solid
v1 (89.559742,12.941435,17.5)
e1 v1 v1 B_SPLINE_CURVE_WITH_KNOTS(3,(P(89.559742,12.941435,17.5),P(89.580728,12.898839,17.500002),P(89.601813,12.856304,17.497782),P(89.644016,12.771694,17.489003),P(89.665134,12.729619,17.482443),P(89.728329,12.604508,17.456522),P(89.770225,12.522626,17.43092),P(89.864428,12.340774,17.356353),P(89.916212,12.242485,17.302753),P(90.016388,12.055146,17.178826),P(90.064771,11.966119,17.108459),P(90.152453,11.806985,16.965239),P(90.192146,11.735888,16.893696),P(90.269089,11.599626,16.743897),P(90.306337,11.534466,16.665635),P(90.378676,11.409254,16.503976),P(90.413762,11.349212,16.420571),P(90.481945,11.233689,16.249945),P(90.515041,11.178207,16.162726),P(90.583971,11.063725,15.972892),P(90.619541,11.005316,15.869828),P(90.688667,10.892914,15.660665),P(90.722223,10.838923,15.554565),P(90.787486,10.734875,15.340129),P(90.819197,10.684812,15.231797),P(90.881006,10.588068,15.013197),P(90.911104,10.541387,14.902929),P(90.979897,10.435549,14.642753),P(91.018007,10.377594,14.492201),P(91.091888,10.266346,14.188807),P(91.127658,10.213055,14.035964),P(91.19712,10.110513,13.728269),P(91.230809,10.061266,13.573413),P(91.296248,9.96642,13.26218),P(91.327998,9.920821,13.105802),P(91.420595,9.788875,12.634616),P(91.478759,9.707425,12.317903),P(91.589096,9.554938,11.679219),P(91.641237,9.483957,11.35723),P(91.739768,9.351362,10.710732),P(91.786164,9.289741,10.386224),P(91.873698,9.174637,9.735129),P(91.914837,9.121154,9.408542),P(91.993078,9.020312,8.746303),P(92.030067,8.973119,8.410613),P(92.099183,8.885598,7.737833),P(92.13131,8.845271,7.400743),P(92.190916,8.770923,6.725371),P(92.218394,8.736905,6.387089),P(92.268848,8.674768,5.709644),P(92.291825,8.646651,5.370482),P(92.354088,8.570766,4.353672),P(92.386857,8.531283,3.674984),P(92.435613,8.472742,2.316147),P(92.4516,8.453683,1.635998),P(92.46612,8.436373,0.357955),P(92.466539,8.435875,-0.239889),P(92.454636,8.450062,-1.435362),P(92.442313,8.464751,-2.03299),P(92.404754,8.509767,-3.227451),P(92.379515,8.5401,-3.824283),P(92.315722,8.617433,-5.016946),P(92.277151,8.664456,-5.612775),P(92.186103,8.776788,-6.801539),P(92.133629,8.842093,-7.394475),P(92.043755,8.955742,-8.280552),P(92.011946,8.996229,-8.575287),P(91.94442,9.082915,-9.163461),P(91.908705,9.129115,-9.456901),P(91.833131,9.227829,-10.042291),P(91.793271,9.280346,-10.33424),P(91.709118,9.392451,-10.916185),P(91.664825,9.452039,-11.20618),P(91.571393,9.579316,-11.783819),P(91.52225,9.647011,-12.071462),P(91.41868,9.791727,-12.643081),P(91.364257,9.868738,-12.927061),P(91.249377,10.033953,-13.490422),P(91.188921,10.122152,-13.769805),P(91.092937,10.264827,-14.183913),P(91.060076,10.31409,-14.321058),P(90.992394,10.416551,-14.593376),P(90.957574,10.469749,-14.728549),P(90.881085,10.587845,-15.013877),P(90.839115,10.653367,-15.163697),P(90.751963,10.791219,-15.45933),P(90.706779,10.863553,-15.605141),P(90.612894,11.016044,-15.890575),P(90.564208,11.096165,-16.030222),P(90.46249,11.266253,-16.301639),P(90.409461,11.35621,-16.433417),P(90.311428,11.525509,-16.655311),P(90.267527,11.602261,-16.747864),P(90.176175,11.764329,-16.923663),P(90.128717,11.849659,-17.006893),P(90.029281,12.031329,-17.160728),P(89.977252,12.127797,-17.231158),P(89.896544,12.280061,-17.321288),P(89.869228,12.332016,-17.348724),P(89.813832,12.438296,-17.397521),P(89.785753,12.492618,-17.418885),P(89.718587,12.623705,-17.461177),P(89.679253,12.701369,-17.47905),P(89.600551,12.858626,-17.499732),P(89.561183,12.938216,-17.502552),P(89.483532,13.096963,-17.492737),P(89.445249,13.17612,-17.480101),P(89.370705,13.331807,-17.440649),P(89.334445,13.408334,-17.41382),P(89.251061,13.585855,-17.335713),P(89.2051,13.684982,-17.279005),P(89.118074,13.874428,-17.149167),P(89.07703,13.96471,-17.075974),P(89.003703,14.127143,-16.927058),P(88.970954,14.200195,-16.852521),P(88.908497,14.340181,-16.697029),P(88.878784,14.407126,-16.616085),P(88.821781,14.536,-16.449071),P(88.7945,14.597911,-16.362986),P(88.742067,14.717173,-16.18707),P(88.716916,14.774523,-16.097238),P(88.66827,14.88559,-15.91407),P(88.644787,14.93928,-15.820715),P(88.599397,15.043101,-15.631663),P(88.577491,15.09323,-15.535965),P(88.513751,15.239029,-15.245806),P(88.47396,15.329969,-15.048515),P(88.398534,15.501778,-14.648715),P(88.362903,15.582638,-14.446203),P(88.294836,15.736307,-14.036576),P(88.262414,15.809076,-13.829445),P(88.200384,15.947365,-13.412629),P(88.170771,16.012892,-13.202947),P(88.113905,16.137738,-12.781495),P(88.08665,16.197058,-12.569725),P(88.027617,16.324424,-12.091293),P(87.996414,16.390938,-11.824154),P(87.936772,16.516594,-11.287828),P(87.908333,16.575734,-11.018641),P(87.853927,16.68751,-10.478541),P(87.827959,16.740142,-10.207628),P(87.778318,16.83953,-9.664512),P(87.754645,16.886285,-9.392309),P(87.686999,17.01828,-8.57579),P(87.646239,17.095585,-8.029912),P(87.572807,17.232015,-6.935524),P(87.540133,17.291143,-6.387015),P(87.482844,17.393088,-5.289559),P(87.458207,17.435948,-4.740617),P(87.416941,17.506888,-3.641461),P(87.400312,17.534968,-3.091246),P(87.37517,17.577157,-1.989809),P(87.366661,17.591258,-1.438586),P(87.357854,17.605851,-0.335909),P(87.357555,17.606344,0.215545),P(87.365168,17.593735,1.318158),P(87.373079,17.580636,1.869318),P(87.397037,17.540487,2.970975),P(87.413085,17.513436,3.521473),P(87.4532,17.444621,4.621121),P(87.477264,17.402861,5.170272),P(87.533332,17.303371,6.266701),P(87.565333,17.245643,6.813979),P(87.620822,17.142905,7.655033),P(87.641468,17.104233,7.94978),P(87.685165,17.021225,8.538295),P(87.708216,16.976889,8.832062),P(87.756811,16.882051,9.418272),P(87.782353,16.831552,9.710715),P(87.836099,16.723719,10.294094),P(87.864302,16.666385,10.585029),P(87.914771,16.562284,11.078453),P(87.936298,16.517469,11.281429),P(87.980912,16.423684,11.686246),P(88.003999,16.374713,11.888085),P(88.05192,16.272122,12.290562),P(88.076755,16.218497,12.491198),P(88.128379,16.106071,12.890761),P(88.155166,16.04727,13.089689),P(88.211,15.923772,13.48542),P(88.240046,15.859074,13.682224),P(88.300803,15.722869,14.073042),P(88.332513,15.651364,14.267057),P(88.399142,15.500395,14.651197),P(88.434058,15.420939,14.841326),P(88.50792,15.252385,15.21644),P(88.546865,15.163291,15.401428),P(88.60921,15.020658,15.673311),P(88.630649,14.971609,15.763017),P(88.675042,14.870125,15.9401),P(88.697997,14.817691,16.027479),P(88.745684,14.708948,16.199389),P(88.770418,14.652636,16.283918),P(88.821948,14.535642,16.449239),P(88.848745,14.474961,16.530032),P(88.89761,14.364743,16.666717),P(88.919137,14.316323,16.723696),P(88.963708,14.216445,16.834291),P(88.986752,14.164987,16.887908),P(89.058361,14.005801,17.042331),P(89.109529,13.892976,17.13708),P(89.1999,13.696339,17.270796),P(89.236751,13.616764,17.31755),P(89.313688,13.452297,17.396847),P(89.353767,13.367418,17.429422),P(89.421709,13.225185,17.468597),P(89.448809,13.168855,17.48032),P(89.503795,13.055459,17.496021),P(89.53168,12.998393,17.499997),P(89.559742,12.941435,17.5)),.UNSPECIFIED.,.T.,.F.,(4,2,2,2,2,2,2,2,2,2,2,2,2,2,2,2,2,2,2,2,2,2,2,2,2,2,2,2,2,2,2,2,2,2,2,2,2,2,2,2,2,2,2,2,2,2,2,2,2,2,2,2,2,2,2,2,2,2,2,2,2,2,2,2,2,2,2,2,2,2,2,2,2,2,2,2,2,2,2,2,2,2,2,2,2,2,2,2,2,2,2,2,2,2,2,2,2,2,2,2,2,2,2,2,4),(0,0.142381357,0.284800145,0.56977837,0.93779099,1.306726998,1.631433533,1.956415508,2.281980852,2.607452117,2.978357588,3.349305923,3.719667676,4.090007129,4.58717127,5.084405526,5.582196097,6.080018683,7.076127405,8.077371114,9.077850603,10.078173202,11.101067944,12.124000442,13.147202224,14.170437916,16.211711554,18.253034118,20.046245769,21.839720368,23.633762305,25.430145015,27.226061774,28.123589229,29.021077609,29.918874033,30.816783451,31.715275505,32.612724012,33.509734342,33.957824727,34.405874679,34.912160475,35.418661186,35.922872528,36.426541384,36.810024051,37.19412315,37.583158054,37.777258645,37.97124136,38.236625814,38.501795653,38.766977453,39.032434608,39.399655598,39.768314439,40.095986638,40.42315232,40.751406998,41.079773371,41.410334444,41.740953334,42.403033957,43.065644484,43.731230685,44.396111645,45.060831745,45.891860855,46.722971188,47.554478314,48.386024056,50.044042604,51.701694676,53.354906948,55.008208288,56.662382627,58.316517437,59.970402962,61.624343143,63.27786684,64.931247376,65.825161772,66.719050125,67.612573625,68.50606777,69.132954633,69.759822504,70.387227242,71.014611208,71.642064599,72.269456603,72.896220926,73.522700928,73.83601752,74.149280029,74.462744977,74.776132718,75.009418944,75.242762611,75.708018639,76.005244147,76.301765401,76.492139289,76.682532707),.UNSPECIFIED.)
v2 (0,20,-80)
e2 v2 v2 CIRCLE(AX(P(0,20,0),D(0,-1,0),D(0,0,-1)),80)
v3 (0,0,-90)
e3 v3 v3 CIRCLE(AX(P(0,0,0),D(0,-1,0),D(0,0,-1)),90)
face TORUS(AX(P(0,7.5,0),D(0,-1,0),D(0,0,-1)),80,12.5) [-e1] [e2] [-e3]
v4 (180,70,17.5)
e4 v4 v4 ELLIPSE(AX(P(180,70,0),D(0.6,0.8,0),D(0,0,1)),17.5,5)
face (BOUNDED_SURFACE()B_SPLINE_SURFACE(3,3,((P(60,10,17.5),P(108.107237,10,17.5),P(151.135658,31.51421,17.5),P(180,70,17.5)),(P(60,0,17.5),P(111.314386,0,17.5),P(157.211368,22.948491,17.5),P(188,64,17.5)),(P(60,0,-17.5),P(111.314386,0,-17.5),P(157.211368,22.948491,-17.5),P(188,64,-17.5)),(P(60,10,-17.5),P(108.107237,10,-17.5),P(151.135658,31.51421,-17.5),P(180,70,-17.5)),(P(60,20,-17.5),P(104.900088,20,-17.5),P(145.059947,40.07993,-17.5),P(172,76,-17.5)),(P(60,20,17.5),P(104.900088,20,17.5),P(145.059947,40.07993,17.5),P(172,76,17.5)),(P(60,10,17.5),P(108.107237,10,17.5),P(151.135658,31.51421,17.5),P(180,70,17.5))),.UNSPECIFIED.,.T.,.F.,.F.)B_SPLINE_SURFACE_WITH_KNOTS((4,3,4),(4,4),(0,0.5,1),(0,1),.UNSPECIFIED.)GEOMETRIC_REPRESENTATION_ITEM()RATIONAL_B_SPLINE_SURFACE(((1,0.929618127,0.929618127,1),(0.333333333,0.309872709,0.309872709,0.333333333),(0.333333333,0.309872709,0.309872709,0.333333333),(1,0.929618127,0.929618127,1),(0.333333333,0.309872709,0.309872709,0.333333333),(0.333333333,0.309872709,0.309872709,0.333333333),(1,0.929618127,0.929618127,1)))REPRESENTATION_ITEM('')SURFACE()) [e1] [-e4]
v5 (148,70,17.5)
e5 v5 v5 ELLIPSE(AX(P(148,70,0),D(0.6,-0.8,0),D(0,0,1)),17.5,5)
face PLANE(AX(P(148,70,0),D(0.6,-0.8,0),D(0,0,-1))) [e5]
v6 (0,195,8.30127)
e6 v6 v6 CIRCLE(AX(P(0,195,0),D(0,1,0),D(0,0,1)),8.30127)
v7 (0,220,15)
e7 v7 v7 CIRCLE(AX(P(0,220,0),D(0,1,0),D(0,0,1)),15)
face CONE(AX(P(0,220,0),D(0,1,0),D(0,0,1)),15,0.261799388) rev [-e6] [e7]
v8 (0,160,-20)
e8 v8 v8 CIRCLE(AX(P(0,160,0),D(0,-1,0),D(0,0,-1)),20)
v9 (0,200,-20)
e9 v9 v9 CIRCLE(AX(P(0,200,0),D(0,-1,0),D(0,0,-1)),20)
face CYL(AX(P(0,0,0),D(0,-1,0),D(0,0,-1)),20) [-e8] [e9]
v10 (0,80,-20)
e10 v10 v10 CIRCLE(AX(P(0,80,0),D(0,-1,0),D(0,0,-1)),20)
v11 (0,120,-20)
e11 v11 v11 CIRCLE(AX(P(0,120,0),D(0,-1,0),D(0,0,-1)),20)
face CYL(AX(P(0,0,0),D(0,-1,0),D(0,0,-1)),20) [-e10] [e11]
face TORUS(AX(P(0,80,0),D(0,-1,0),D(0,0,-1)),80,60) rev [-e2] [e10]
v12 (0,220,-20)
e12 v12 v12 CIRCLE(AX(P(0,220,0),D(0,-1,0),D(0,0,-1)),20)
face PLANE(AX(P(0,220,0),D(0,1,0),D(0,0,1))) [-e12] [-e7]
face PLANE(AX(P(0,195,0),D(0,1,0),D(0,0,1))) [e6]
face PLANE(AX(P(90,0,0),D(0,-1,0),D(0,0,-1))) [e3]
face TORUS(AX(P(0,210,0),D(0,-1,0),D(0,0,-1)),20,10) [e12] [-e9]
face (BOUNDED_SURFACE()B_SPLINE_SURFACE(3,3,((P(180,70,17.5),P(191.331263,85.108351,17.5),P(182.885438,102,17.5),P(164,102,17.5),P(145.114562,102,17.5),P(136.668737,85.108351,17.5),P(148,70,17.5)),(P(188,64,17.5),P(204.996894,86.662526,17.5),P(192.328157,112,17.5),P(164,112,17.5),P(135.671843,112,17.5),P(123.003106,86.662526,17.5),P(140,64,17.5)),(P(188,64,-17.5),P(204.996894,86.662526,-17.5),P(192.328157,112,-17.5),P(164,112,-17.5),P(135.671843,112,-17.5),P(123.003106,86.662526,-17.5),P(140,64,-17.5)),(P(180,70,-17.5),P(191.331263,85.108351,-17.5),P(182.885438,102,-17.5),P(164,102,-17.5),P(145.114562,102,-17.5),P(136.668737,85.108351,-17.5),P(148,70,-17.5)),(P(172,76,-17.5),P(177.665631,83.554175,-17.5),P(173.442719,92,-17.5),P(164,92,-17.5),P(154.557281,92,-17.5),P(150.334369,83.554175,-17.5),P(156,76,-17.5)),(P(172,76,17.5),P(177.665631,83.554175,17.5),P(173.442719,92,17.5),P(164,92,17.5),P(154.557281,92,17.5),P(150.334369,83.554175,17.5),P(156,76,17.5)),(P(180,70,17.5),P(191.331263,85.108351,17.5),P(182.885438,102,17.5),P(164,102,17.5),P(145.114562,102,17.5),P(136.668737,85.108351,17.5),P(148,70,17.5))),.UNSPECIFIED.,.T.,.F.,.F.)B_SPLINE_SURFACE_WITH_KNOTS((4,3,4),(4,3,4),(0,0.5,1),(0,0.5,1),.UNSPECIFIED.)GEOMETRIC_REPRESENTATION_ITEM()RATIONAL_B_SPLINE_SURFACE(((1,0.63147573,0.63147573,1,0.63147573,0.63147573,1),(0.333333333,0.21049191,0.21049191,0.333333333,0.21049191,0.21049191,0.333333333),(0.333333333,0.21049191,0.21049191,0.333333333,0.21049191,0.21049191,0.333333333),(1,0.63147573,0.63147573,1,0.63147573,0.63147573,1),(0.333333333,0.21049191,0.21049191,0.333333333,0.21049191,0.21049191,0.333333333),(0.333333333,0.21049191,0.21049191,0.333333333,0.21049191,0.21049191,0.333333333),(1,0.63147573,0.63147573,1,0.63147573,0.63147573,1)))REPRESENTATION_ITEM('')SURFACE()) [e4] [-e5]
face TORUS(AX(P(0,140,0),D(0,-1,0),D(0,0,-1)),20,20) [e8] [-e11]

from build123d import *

# Parameters (mm, degrees)
SKETCH3_RX         = 17.5
SKETCH3_RY         = 5
SKETCH4_R          = 15
CUT_EXTRUDE1_DEPTH = 25
CUT_EXTRUDE1_TAPER = 15


with BuildPart() as part:
    # Sketch1 → Revolve1 (revolve)
    with BuildSketch(Plane.XY):
        with BuildLine():
            Line((0, 0), (0, 220))
            Line((0, 220), (20, 220))
            ThreePointArc((20, 220), (30, 210), (20, 200))
            Line((20, 200), (20, 160))
            ThreePointArc((20, 160), (40, 140), (20, 120))
            Line((20, 120), (20, 80))
            ThreePointArc((20, 80), (37.573593129, 37.573593129), (80, 20))
            ThreePointArc((80, 20), (91.180339887, 13.090169944), (90, 0))
            Line((90, 0), (0, 0))
        make_face()
    revolve(axis=Axis((0, 0, 0), (0, 1, 0)))

    # Sweep1: sweep along a path in Sketch2
    with BuildLine(Plane.XY) as sweep1_path:
        Line((0, 10), (60, 10))
        ThreePointArc((60, 10), (127.082039325, 25.83592135), (180, 70))
        ThreePointArc((180, 70), (164, 102), (148, 70))
    # Sketch3 → Sweep1 (sweep)
    with BuildSketch(Plane(origin=(0, 0, 0), x_dir=(0, 0, -1), z_dir=(1, 0, 0))):
        with Locations(Location((0, 10), (0, 0, 180))):
            Ellipse(SKETCH3_RX, SKETCH3_RY)
    sweep(path=sweep1_path.line)

    # Sketch4 → Cut-Extrude1 (cut)
    with BuildSketch(Plane(origin=(0, 220, 0), x_dir=(1, 0, 0), z_dir=(0, 1, 0))):
        Circle(SKETCH4_R)
    extrude(amount=-CUT_EXTRUDE1_DEPTH, taper=CUT_EXTRUDE1_TAPER, mode=Mode.SUBTRACT)


solid = part.part
